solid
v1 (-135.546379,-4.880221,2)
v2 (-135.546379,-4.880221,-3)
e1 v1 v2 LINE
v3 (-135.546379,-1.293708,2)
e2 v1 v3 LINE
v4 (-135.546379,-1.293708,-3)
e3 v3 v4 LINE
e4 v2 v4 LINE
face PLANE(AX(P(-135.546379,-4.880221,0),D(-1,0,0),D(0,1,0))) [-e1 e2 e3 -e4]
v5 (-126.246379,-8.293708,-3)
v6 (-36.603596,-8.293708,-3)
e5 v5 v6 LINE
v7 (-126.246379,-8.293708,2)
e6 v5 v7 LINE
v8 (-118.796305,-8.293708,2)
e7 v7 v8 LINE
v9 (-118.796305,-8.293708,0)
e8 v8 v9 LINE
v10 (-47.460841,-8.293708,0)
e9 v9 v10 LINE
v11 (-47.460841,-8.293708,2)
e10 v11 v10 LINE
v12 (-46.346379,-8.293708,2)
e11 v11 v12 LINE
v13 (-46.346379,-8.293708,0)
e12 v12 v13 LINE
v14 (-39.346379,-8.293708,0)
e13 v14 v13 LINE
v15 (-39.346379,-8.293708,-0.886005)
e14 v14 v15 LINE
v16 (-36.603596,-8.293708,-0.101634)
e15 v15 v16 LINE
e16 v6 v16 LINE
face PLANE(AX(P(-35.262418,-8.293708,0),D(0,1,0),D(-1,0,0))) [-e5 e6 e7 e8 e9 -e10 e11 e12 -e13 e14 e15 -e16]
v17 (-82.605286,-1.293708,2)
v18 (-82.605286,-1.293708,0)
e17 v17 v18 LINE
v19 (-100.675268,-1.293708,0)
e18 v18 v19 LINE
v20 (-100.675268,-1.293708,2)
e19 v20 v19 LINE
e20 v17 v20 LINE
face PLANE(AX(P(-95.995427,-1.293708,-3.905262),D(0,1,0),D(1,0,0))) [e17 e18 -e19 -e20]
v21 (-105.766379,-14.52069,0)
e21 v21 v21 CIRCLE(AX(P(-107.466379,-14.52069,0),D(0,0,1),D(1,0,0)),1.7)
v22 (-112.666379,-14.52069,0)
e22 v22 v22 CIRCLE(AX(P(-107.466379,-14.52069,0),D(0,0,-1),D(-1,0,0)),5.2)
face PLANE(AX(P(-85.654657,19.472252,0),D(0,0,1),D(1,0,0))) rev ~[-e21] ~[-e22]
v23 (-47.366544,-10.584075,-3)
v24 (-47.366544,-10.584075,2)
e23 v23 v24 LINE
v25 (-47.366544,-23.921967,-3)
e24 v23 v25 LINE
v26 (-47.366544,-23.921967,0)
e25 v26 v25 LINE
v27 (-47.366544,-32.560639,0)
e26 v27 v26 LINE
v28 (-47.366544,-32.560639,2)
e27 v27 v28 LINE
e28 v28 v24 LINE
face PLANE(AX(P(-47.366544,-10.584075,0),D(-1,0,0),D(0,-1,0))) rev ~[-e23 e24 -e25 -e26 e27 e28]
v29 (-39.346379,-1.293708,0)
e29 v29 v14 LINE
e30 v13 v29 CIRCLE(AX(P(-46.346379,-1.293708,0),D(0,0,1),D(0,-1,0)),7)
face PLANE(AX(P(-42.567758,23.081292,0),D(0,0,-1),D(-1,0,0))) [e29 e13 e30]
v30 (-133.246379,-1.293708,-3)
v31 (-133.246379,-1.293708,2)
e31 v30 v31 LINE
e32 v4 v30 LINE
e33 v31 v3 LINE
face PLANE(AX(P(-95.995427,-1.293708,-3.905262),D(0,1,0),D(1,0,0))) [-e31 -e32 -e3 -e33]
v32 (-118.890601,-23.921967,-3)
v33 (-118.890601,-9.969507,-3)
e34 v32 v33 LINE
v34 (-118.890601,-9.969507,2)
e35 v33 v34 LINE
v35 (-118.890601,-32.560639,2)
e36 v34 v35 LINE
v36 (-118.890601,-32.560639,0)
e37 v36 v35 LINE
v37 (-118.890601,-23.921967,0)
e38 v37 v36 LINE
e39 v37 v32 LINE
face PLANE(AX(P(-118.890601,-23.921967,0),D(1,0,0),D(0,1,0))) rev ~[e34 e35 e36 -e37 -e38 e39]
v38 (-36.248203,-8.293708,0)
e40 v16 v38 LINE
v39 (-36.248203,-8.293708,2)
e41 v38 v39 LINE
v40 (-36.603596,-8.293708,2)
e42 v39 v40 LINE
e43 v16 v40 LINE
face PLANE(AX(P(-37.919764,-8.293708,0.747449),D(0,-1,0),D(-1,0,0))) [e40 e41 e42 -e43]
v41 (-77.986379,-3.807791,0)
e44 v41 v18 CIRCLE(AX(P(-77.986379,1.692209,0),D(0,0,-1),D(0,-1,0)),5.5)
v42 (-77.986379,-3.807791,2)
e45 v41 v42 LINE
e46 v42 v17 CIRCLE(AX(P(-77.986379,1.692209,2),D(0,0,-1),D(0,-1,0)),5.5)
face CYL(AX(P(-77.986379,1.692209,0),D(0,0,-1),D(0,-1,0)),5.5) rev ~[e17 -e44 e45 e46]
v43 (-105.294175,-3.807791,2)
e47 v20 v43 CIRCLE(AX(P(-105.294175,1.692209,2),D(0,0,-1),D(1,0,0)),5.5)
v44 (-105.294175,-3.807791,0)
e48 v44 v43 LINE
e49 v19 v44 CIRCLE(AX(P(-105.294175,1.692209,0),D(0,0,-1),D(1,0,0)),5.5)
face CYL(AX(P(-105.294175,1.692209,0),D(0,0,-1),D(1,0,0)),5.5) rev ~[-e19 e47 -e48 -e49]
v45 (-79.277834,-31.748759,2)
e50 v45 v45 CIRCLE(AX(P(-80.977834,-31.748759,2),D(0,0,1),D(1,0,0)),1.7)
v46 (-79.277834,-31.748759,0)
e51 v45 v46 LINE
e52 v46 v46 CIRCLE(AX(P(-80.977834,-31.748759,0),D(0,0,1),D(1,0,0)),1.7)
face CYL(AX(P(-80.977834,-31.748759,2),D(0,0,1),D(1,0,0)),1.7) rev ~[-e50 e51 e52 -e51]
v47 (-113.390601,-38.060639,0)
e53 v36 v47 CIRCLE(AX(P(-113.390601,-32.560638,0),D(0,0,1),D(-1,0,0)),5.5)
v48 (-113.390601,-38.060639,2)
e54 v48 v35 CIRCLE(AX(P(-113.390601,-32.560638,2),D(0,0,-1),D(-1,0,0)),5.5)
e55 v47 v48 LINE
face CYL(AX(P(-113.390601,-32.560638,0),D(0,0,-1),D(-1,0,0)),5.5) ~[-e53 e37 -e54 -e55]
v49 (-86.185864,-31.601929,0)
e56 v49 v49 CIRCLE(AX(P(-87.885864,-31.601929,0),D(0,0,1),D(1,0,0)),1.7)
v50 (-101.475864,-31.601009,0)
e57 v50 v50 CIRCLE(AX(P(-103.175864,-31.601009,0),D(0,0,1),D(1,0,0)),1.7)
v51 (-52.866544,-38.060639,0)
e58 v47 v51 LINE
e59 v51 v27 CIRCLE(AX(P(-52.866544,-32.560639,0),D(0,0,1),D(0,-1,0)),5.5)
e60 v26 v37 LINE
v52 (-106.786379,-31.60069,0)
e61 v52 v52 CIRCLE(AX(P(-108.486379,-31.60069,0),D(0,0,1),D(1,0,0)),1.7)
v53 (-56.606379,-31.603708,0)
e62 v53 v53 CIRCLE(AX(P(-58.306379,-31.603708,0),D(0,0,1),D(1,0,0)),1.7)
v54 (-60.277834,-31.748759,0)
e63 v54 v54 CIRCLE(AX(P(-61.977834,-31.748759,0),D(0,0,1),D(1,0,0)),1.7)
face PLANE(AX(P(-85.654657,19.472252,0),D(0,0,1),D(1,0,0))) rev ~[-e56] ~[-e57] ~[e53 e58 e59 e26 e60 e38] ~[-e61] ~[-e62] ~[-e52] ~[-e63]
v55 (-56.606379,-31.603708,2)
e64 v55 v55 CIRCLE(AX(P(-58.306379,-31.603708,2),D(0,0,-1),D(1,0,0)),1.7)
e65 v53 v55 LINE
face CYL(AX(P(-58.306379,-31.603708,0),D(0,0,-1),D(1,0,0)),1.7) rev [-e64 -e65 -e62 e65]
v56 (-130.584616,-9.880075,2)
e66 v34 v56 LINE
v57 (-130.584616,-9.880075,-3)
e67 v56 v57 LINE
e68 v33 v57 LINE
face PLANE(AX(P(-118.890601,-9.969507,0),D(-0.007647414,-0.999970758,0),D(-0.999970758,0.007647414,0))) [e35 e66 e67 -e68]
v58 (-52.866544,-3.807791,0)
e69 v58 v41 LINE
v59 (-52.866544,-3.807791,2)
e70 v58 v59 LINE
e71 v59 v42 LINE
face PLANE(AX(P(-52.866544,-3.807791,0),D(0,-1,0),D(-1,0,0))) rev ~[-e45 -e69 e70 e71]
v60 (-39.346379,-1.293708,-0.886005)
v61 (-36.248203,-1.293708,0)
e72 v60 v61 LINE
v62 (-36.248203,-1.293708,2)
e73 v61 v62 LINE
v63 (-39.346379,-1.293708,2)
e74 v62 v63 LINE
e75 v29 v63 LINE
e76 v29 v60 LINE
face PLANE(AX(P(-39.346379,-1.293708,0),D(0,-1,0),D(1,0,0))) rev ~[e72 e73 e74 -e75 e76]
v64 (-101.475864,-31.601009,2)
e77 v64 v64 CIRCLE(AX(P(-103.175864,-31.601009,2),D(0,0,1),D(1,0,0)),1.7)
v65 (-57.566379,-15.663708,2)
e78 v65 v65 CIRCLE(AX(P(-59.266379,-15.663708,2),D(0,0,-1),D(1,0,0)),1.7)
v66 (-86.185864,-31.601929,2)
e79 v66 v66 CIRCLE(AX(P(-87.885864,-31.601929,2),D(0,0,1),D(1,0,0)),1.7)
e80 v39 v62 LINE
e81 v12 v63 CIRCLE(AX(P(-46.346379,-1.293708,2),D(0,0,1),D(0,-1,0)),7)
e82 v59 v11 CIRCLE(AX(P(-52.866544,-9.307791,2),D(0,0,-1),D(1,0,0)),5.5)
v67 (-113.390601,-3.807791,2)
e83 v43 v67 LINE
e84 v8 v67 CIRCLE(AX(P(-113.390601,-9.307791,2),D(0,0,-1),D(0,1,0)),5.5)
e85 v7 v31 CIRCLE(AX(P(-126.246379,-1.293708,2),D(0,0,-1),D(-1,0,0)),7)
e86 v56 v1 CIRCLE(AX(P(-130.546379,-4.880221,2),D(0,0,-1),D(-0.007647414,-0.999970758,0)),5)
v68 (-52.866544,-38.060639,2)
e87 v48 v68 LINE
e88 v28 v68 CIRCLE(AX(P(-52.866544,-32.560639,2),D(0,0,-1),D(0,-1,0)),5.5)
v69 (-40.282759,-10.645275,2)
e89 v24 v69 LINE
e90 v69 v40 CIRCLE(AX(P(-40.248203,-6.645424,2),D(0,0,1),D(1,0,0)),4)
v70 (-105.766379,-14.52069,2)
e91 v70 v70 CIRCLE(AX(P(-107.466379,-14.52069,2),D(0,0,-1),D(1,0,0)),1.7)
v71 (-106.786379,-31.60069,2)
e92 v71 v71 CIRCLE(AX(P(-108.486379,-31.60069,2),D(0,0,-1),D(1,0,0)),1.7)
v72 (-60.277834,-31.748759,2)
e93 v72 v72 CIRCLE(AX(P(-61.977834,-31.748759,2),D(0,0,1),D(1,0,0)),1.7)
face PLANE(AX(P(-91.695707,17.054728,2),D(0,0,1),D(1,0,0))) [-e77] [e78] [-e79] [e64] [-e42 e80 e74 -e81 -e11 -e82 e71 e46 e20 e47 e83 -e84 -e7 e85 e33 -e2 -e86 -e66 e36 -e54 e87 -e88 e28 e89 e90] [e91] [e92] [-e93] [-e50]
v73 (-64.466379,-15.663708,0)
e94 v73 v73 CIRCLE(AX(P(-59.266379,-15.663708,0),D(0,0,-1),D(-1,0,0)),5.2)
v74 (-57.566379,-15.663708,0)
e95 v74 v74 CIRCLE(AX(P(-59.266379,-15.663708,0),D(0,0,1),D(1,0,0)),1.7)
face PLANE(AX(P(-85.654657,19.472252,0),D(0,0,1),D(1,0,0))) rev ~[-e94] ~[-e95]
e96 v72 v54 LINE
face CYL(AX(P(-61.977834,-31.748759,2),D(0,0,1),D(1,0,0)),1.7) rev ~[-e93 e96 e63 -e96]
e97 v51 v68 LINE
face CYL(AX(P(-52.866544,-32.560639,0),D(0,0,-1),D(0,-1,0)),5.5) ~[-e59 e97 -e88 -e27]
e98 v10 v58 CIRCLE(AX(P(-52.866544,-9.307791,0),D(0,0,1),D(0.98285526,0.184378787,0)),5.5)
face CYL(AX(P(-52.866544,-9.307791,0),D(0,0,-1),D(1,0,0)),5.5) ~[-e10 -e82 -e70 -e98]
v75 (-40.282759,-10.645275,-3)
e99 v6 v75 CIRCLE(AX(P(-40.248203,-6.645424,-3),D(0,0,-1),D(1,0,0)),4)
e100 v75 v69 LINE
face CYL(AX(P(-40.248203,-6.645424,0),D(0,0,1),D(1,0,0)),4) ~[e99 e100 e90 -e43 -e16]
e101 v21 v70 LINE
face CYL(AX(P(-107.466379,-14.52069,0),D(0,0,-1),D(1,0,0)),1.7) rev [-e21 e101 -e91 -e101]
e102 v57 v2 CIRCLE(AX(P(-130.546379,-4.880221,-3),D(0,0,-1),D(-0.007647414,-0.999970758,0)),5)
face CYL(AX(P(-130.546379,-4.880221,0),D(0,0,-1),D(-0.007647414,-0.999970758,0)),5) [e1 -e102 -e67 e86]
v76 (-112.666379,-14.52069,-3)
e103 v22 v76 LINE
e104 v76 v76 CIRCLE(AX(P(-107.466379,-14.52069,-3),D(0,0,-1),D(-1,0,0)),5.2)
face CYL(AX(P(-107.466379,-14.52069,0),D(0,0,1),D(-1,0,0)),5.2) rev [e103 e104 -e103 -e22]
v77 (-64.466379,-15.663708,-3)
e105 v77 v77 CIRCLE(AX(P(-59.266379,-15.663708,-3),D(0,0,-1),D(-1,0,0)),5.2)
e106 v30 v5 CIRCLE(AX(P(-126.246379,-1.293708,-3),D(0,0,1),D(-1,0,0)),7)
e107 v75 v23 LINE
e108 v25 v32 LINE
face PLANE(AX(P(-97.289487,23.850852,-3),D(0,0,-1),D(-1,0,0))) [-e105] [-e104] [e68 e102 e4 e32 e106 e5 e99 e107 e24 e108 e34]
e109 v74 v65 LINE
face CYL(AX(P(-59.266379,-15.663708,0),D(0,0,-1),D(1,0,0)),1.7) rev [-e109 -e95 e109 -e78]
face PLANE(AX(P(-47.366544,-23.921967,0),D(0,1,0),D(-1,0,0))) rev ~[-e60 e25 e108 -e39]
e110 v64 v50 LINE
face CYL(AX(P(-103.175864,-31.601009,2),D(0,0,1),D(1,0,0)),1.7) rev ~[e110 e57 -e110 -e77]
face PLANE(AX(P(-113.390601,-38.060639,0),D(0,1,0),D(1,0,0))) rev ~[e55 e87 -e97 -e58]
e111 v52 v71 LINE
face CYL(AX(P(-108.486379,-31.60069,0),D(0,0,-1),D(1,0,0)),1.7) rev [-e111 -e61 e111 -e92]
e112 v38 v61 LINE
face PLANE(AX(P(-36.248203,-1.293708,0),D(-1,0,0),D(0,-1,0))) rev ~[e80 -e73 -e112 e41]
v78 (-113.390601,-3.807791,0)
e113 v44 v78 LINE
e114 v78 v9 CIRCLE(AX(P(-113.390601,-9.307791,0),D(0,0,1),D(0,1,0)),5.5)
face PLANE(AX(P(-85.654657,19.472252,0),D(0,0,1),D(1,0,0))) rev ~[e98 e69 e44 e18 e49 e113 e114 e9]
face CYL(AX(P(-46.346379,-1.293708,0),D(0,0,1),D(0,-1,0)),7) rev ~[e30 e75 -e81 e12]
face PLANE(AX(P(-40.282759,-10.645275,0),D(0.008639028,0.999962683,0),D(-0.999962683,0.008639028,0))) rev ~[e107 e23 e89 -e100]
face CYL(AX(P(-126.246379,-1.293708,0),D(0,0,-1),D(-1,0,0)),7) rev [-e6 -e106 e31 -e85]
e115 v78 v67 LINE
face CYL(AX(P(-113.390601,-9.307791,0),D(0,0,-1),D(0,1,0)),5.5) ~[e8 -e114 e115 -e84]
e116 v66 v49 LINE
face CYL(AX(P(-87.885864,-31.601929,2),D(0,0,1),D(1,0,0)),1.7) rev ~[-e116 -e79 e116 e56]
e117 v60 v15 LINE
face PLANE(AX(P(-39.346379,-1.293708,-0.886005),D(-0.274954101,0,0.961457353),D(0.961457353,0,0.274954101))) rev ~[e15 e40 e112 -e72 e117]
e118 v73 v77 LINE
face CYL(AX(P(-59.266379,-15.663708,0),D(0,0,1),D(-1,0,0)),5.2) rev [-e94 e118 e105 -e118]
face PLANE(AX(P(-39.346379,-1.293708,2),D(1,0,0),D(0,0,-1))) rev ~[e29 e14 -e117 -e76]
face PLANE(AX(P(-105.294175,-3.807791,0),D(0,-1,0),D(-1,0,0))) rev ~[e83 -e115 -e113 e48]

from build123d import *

# Parameters (mm, degrees)
ESQUISSE1_R             = 1.7
BOSS_EXTRU_1_DEPTH      = 3
BOSS_EXTRU_2_DEPTH      = 3
BOSS_EXTRU_2_DEPTH_BACK = 3
ESQUISSE2_R             = 5.2
ESQUISSE5_W             = 129.390100882
ESQUISSE5_H             = 125.631489025
ENL_V_MAT_EXTRU_2_DEPTH = 1
ESQUISSE6_R             = 1.5
ENL_V_MAT_EXTRU_3_DEPTH = 8
ESQUISSE7_W             = 14.610679854
ESQUISSE7_H             = 62.75
ENL_V_MAT_EXTRU_4_DEPTH = 8
BOSS_EXTRU_3_DEPTH      = 7
BOSS_EXTRU_4_DEPTH      = 7
ESQUISSE11_W            = 143.807333736
ESQUISSE11_H            = 19.954067826
ENL_V_MAT_EXTRU_5_DEPTH = 89
ESQUISSE12_R            = 1.7
ENL_V_MAT_EXTRU_6_DEPTH = 31


with BuildPart() as part:
    # Esquisse1 → Boss.-Extru.1 (new body)
    with BuildSketch(Plane.XY):
        with BuildLine():
            Line((-117.680084405, 66.939310237), (-117.680084405, 59.695120061))
            ThreePointArc((-117.680084405, 59.695120061), (-116.069171702, 55.806032765), (-112.180084405, 54.195120061))
            Line((-112.180084405, 54.195120061), (-105.294175096, 54.195120061))
            ThreePointArc((-105.294175096, 54.195120061), (-101.4050878, 52.584207358), (-99.794175096, 48.695120061))
            Line((-99.794175096, 48.695120061), (-99.794175096, 35.930823665))
            ThreePointArc((-99.794175096, 35.930823665), (-101.4050878, 32.041736368), (-105.294175096, 30.430823665))
            Line((-105.294175096, 30.430823665), (-112.180084405, 30.430823665))
            ThreePointArc((-112.180084405, 30.430823665), (-116.069171702, 28.819910961), (-117.680084405, 24.930823665))
            Line((-117.680084405, 24.930823665), (-117.680084405, 23.910007682))
            ThreePointArc((-117.680084405, 23.910007682), (-116.069171702, 20.020920385), (-112.180084405, 18.410007682))
            Line((-112.180084405, 18.410007682), (-105.294175096, 18.410007682))
            ThreePointArc((-105.294175096, 18.410007682), (-101.4050878, 16.799094979), (-99.794175096, 12.910007682))
            Line((-99.794175096, 12.910007682), (-99.794175096, 1.692208933))
            ThreePointArc((-99.794175096, 1.692208933), (-101.4050878, -2.196878364), (-105.294175096, -3.807791067))
            Line((-105.294175096, -3.807791067), (-113.390601299, -3.807791067))
            ThreePointArc((-113.390601299, -3.807791067), (-117.279688595, -5.418703771), (-118.890601299, -9.307791067))
            Line((-118.890601299, -9.307791067), (-118.890601299, -18.42196685))
            Line((-118.890601299, -18.42196685), (-118.890601299, -32.5606385))
            ThreePointArc((-118.890601299, -32.5606385), (-117.279688595, -36.449725797), (-113.390601299, -38.0606385))
            Line((-113.390601299, -38.0606385), (-52.866544484, -38.0606385))
            ThreePointArc((-52.866544484, -38.0606385), (-48.977457187, -36.449725797), (-47.366544484, -32.5606385))
            Line((-47.366544484, -32.5606385), (-47.366544484, -18.42196685))
            Line((-47.366544484, -18.42196685), (-47.366544484, -9.307791067))
            ThreePointArc((-47.366544484, -9.307791067), (-48.977457187, -5.418703771), (-52.866544484, -3.807791067))
            Line((-52.866544484, -3.807791067), (-77.986378892, -3.807791067))
            ThreePointArc((-77.986378892, -3.807791067), (-81.875466189, -2.196878364), (-83.486378892, 1.692208933))
            Line((-83.486378892, 1.692208933), (-83.486378892, 12.910007682))
            ThreePointArc((-83.486378892, 12.910007682), (-81.875466189, 16.799094979), (-77.986378892, 18.410007682))
            Line((-77.986378892, 18.410007682), (-69.856378892, 18.410007682))
            ThreePointArc((-69.856378892, 18.410007682), (-65.967291596, 20.020920385), (-64.356378892, 23.910007682))
            Line((-64.356378892, 23.910007682), (-64.356378892, 24.930823665))
            ThreePointArc((-64.356378892, 24.930823665), (-65.967291596, 28.819910961), (-69.856378892, 30.430823665))
            Line((-69.856378892, 30.430823665), (-77.986378892, 30.430823665))
            ThreePointArc((-77.986378892, 30.430823665), (-81.875466189, 32.041736368), (-83.486378892, 35.930823665))
            Line((-83.486378892, 35.930823665), (-83.486378892, 55.219310237))
            ThreePointArc((-83.486378892, 55.219310237), (-81.875466189, 59.108397534), (-77.986378892, 60.719310237))
            Line((-77.986378892, 60.719310237), (-54.190366806, 60.719310237))
            ThreePointArc((-54.190366806, 60.719310237), (-50.30127951, 62.330222941), (-48.690366806, 66.219310237))
            Line((-48.690366806, 66.219310237), (-48.690366806, 67.219310237))
            ThreePointArc((-48.690366806, 67.219310237), (-50.30127951, 71.108397534), (-54.190366806, 72.719310237))
            Line((-54.190366806, 72.719310237), (-112.180084405, 72.719310237))
            ThreePointArc((-112.180084405, 72.719310237), (-116.069171702, 71.108397534), (-117.680084405, 67.219310237))
            Line((-117.680084405, 67.219310237), (-117.680084405, 66.939310237))
        make_face()
        with Locations((-59.266378892, -15.663707737)):
            Circle(ESQUISSE1_R, mode=Mode.SUBTRACT)
        with Locations((-59.266378892, 66.939310237)):
            Circle(ESQUISSE1_R, mode=Mode.SUBTRACT)
        with Locations((-91.856378892, 36.719310237)):
            Circle(ESQUISSE1_R, mode=Mode.SUBTRACT)
        with Locations((-107.466378892, -14.520689763)):
            Circle(ESQUISSE1_R, mode=Mode.SUBTRACT)
        with Locations((-107.466378892, 60.719310237)):
            Circle(ESQUISSE1_R, mode=Mode.SUBTRACT)
        with Locations((-58.306378892, -31.603707737)):
            Circle(ESQUISSE1_R, mode=Mode.SUBTRACT)
        with Locations((-108.486378892, -31.600689763)):
            Circle(ESQUISSE1_R, mode=Mode.SUBTRACT)
        with BuildLine():
            Line((-111.390601299, 21.460065469), (-70.086378892, 21.460065469))
            ThreePointArc((-70.086378892, 21.460065469), (-68.67216533, 22.045851906), (-68.086378892, 23.460065469))
            Line((-68.086378892, 23.460065469), (-68.086378892, 24.842520386))
            ThreePointArc((-68.086378892, 24.842520386), (-68.67216533, 26.256733949), (-70.086378892, 26.842520386))
            Line((-70.086378892, 26.842520386), (-111.390601299, 26.842520386))
            ThreePointArc((-111.390601299, 26.842520386), (-112.804814861, 26.256733949), (-113.390601299, 24.842520386))
            Line((-113.390601299, 24.842520386), (-113.390601299, 23.460065469))
            ThreePointArc((-113.390601299, 23.460065469), (-112.804814861, 22.045851906), (-111.390601299, 21.460065469))
        make_face(mode=Mode.SUBTRACT)
    extrude(amount=BOSS_EXTRU_1_DEPTH)

    # Esquisse2 → Boss.-Extru.2 (add, two sides: drawn at the far end of the back side and taken through both)
    with BuildSketch(Plane(origin=(0, 0, 0), x_dir=(-1, 0, 0), z_dir=(0, 0, -1)).offset(-BOSS_EXTRU_2_DEPTH_BACK)):
        with BuildLine():
            Line((118.890601299, -9.969506719), (130.584615963, -9.880075131))
            ThreePointArc((130.584615963, -9.880075131), (134.095405897, -8.402210456), (135.546378892, -4.880221341))
            Line((135.546378892, -4.880221341), (135.546378892, 5.415623015))
            ThreePointArc((135.546378892, 5.415623015), (136.425058549, 7.536943358), (138.546378892, 8.415623015))
            Line((138.546378892, 8.415623015), (145.752654566, 8.415623015))
            ThreePointArc((145.752654566, 8.415623015), (147.87397491, 9.294302671), (148.752654566, 11.415623015))
            Line((148.752654566, 11.415623015), (148.752654566, 38.179170847))
            ThreePointArc((148.752654566, 38.179170847), (147.87397491, 40.300491191), (145.752654566, 41.179170847))
            Line((145.752654566, 41.179170847), (138.546378892, 41.179170847))
            ThreePointArc((138.546378892, 41.179170847), (136.425058549, 42.057850504), (135.546378892, 44.179170847))
            Line((135.546378892, 44.179170847), (135.546378892, 52.099902349))
            ThreePointArc((135.546378892, 52.099902349), (134.081912798, 55.635436255), (130.546378892, 57.099902349))
            Line((130.546378892, 57.099902349), (117.680084405, 57.099902349))
            Line((117.680084405, 57.099902349), (117.680084405, 72.719310237))
            Line((117.680084405, 72.719310237), (48.690366806, 72.719310237))
            Line((48.690366806, 72.719310237), (48.690366806, 60.719310237))
            Line((48.690366806, 60.719310237), (48.690366806, 57.099902349))
            Line((48.690366806, 57.099902349), (40.256901013, 57.099902349))
            ThreePointArc((40.256901013, 57.099902349), (37.428473888, 55.928329474), (36.256901013, 53.099902349))
            Line((36.256901013, 53.099902349), (36.256901013, 47.456292263))
            Line((36.256901013, 47.456292263), (39.346378892, 47.456292263))
            ThreePointArc((39.346378892, 47.456292263), (41.396631424, 52.406039732), (46.346378892, 54.456292263))
            Line((46.346378892, 54.456292263), (126.246378892, 54.456292263))
            ThreePointArc((126.246378892, 54.456292263), (131.196126361, 52.406039732), (133.246378892, 47.456292263))
            Line((133.246378892, 47.456292263), (133.246378892, 40.977229779))
            ThreePointArc((133.246378892, 40.977229779), (134.125058549, 38.855909436), (136.246378892, 37.977229779))
            Line((136.246378892, 37.977229779), (142.162261637, 37.977229779))
            ThreePointArc((142.162261637, 37.977229779), (144.28358198, 37.098550123), (145.162261637, 34.977229779))
            Line((145.162261637, 34.977229779), (145.162261637, 14.363062522))
            ThreePointArc((145.162261637, 14.363062522), (144.28358198, 12.241742179), (142.162261637, 11.363062522))
            Line((142.162261637, 11.363062522), (136.246378892, 11.363062522))
            ThreePointArc((136.246378892, 11.363062522), (134.125058549, 10.484382866), (133.246378892, 8.363062522))
            Line((133.246378892, 8.363062522), (133.246378892, -1.293707737))
            ThreePointArc((133.246378892, -1.293707737), (131.196126361, -6.243455205), (126.246378892, -8.293707737))
            Line((126.246378892, -8.293707737), (46.346378892, -8.293707737))
            ThreePointArc((46.346378892, -8.293707737), (41.396631424, -6.243455205), (39.346378892, -1.293707737))
            Line((39.346378892, -1.293707737), (36.248203357, -1.293707737))
            Line((36.248203357, -1.293707737), (36.248203357, -6.64542392))
            ThreePointArc((36.248203357, -6.64542392), (37.432020164, -9.486042202), (40.282759469, -10.645274652))
            Line((40.282759469, -10.645274652), (47.366544484, -10.58407535))
            Line((47.366544484, -10.58407535), (47.366544484, -23.92196685))
            Line((47.366544484, -23.92196685), (118.890601299, -23.92196685))
            Line((118.890601299, -23.92196685), (118.890601299, -9.969506719))
        make_face()
        with Locations((59.266378892, -15.663707737)):
            Circle(ESQUISSE2_R, mode=Mode.SUBTRACT)
        with Locations((107.466378892, -14.520689763)):
            Circle(ESQUISSE2_R, mode=Mode.SUBTRACT)
        with Locations((107.466378892, 60.719310237)):
            Circle(ESQUISSE2_R, mode=Mode.SUBTRACT)
        with Locations((59.266378892, 66.939310237)):
            Circle(ESQUISSE2_R, mode=Mode.SUBTRACT)
    extrude(amount=BOSS_EXTRU_2_DEPTH + BOSS_EXTRU_2_DEPTH_BACK)

    # Esquisse5 → Enlèv. mat.-Extru.2 (cut)
    with BuildSketch(Plane.XY.offset(3)):
        with Locations((-91.695706627, 17.054727605)):
            Rectangle(ESQUISSE5_W, ESQUISSE5_H)
    extrude(amount=-ENL_V_MAT_EXTRU_2_DEPTH, mode=Mode.SUBTRACT)

    # Esquisse6 → Enlèv. mat.-Extru.3 (cut)
    with BuildSketch(Plane.XY.offset(2)):
        with Locations((-69.623492164, 64.727424081)):
            Circle(ESQUISSE6_R)
        with Locations((-83.623492164, 64.727424081)):
            Circle(ESQUISSE6_R)
    extrude(amount=-ENL_V_MAT_EXTRU_3_DEPTH, mode=Mode.SUBTRACT)

    # Esquisse7 → Enlèv. mat.-Extru.4 (cut)
    with BuildSketch(Plane(origin=(0, 0, 0), x_dir=(-1, 0, 0), z_dir=(0, 0, -1))):
        with Locations((42.567758063, 23.081292263)):
            Rectangle(ESQUISSE7_W, ESQUISSE7_H)
    extrude(amount=ENL_V_MAT_EXTRU_4_DEPTH, mode=Mode.SUBTRACT)

    # Esquisse9 → Boss.-Extru.3 (add)
    with BuildSketch(Plane(origin=(0, -1.293707737, 0), x_dir=(1, 0, 0), z_dir=(0, 1, 0))):
        Polygon((-39.346378892, -2), (-39.346378892, 0.886005049), (-36.248203357, 0), (-36.248203357, -2), align=None)
    extrude(amount=-BOSS_EXTRU_3_DEPTH)

    # Esquisse10 → Boss.-Extru.4 (add)
    with BuildSketch(Plane.XZ.offset(-47.456292263)):
        Polygon((-39.346378892, 2), (-39.346378892, -0.873043126), (-36.256901013, 0), (-36.256901013, 2), align=None)
    extrude(amount=-BOSS_EXTRU_4_DEPTH)

    # Esquisse11 → Enlèv. mat.-Extru.5 (cut)
    with BuildSketch(Plane(origin=(0, -1.293707737, 0), x_dir=(1, 0, 0), z_dir=(0, 1, 0))):
        with Locations((-95.995427174, 3.905261548)):
            Rectangle(ESQUISSE11_W, ESQUISSE11_H)
    extrude(amount=ENL_V_MAT_EXTRU_5_DEPTH, mode=Mode.SUBTRACT)

    # Esquisse12 → Enlèv. mat.-Extru.6 (cut)
    with BuildSketch(Plane.XY.offset(2)):
        with Locations((-103.175863959, -31.601009153)):
            Circle(ESQUISSE12_R)
        with Locations((-87.885863987, -31.601928739)):
            Circle(ESQUISSE12_R)
        with Locations((-80.977833602, -31.748759482)):
            Circle(ESQUISSE12_R)
        with Locations((-61.977833602, -31.748759482)):
            Circle(ESQUISSE12_R)
    extrude(amount=-ENL_V_MAT_EXTRU_6_DEPTH, mode=Mode.SUBTRACT)


solid = part.part
